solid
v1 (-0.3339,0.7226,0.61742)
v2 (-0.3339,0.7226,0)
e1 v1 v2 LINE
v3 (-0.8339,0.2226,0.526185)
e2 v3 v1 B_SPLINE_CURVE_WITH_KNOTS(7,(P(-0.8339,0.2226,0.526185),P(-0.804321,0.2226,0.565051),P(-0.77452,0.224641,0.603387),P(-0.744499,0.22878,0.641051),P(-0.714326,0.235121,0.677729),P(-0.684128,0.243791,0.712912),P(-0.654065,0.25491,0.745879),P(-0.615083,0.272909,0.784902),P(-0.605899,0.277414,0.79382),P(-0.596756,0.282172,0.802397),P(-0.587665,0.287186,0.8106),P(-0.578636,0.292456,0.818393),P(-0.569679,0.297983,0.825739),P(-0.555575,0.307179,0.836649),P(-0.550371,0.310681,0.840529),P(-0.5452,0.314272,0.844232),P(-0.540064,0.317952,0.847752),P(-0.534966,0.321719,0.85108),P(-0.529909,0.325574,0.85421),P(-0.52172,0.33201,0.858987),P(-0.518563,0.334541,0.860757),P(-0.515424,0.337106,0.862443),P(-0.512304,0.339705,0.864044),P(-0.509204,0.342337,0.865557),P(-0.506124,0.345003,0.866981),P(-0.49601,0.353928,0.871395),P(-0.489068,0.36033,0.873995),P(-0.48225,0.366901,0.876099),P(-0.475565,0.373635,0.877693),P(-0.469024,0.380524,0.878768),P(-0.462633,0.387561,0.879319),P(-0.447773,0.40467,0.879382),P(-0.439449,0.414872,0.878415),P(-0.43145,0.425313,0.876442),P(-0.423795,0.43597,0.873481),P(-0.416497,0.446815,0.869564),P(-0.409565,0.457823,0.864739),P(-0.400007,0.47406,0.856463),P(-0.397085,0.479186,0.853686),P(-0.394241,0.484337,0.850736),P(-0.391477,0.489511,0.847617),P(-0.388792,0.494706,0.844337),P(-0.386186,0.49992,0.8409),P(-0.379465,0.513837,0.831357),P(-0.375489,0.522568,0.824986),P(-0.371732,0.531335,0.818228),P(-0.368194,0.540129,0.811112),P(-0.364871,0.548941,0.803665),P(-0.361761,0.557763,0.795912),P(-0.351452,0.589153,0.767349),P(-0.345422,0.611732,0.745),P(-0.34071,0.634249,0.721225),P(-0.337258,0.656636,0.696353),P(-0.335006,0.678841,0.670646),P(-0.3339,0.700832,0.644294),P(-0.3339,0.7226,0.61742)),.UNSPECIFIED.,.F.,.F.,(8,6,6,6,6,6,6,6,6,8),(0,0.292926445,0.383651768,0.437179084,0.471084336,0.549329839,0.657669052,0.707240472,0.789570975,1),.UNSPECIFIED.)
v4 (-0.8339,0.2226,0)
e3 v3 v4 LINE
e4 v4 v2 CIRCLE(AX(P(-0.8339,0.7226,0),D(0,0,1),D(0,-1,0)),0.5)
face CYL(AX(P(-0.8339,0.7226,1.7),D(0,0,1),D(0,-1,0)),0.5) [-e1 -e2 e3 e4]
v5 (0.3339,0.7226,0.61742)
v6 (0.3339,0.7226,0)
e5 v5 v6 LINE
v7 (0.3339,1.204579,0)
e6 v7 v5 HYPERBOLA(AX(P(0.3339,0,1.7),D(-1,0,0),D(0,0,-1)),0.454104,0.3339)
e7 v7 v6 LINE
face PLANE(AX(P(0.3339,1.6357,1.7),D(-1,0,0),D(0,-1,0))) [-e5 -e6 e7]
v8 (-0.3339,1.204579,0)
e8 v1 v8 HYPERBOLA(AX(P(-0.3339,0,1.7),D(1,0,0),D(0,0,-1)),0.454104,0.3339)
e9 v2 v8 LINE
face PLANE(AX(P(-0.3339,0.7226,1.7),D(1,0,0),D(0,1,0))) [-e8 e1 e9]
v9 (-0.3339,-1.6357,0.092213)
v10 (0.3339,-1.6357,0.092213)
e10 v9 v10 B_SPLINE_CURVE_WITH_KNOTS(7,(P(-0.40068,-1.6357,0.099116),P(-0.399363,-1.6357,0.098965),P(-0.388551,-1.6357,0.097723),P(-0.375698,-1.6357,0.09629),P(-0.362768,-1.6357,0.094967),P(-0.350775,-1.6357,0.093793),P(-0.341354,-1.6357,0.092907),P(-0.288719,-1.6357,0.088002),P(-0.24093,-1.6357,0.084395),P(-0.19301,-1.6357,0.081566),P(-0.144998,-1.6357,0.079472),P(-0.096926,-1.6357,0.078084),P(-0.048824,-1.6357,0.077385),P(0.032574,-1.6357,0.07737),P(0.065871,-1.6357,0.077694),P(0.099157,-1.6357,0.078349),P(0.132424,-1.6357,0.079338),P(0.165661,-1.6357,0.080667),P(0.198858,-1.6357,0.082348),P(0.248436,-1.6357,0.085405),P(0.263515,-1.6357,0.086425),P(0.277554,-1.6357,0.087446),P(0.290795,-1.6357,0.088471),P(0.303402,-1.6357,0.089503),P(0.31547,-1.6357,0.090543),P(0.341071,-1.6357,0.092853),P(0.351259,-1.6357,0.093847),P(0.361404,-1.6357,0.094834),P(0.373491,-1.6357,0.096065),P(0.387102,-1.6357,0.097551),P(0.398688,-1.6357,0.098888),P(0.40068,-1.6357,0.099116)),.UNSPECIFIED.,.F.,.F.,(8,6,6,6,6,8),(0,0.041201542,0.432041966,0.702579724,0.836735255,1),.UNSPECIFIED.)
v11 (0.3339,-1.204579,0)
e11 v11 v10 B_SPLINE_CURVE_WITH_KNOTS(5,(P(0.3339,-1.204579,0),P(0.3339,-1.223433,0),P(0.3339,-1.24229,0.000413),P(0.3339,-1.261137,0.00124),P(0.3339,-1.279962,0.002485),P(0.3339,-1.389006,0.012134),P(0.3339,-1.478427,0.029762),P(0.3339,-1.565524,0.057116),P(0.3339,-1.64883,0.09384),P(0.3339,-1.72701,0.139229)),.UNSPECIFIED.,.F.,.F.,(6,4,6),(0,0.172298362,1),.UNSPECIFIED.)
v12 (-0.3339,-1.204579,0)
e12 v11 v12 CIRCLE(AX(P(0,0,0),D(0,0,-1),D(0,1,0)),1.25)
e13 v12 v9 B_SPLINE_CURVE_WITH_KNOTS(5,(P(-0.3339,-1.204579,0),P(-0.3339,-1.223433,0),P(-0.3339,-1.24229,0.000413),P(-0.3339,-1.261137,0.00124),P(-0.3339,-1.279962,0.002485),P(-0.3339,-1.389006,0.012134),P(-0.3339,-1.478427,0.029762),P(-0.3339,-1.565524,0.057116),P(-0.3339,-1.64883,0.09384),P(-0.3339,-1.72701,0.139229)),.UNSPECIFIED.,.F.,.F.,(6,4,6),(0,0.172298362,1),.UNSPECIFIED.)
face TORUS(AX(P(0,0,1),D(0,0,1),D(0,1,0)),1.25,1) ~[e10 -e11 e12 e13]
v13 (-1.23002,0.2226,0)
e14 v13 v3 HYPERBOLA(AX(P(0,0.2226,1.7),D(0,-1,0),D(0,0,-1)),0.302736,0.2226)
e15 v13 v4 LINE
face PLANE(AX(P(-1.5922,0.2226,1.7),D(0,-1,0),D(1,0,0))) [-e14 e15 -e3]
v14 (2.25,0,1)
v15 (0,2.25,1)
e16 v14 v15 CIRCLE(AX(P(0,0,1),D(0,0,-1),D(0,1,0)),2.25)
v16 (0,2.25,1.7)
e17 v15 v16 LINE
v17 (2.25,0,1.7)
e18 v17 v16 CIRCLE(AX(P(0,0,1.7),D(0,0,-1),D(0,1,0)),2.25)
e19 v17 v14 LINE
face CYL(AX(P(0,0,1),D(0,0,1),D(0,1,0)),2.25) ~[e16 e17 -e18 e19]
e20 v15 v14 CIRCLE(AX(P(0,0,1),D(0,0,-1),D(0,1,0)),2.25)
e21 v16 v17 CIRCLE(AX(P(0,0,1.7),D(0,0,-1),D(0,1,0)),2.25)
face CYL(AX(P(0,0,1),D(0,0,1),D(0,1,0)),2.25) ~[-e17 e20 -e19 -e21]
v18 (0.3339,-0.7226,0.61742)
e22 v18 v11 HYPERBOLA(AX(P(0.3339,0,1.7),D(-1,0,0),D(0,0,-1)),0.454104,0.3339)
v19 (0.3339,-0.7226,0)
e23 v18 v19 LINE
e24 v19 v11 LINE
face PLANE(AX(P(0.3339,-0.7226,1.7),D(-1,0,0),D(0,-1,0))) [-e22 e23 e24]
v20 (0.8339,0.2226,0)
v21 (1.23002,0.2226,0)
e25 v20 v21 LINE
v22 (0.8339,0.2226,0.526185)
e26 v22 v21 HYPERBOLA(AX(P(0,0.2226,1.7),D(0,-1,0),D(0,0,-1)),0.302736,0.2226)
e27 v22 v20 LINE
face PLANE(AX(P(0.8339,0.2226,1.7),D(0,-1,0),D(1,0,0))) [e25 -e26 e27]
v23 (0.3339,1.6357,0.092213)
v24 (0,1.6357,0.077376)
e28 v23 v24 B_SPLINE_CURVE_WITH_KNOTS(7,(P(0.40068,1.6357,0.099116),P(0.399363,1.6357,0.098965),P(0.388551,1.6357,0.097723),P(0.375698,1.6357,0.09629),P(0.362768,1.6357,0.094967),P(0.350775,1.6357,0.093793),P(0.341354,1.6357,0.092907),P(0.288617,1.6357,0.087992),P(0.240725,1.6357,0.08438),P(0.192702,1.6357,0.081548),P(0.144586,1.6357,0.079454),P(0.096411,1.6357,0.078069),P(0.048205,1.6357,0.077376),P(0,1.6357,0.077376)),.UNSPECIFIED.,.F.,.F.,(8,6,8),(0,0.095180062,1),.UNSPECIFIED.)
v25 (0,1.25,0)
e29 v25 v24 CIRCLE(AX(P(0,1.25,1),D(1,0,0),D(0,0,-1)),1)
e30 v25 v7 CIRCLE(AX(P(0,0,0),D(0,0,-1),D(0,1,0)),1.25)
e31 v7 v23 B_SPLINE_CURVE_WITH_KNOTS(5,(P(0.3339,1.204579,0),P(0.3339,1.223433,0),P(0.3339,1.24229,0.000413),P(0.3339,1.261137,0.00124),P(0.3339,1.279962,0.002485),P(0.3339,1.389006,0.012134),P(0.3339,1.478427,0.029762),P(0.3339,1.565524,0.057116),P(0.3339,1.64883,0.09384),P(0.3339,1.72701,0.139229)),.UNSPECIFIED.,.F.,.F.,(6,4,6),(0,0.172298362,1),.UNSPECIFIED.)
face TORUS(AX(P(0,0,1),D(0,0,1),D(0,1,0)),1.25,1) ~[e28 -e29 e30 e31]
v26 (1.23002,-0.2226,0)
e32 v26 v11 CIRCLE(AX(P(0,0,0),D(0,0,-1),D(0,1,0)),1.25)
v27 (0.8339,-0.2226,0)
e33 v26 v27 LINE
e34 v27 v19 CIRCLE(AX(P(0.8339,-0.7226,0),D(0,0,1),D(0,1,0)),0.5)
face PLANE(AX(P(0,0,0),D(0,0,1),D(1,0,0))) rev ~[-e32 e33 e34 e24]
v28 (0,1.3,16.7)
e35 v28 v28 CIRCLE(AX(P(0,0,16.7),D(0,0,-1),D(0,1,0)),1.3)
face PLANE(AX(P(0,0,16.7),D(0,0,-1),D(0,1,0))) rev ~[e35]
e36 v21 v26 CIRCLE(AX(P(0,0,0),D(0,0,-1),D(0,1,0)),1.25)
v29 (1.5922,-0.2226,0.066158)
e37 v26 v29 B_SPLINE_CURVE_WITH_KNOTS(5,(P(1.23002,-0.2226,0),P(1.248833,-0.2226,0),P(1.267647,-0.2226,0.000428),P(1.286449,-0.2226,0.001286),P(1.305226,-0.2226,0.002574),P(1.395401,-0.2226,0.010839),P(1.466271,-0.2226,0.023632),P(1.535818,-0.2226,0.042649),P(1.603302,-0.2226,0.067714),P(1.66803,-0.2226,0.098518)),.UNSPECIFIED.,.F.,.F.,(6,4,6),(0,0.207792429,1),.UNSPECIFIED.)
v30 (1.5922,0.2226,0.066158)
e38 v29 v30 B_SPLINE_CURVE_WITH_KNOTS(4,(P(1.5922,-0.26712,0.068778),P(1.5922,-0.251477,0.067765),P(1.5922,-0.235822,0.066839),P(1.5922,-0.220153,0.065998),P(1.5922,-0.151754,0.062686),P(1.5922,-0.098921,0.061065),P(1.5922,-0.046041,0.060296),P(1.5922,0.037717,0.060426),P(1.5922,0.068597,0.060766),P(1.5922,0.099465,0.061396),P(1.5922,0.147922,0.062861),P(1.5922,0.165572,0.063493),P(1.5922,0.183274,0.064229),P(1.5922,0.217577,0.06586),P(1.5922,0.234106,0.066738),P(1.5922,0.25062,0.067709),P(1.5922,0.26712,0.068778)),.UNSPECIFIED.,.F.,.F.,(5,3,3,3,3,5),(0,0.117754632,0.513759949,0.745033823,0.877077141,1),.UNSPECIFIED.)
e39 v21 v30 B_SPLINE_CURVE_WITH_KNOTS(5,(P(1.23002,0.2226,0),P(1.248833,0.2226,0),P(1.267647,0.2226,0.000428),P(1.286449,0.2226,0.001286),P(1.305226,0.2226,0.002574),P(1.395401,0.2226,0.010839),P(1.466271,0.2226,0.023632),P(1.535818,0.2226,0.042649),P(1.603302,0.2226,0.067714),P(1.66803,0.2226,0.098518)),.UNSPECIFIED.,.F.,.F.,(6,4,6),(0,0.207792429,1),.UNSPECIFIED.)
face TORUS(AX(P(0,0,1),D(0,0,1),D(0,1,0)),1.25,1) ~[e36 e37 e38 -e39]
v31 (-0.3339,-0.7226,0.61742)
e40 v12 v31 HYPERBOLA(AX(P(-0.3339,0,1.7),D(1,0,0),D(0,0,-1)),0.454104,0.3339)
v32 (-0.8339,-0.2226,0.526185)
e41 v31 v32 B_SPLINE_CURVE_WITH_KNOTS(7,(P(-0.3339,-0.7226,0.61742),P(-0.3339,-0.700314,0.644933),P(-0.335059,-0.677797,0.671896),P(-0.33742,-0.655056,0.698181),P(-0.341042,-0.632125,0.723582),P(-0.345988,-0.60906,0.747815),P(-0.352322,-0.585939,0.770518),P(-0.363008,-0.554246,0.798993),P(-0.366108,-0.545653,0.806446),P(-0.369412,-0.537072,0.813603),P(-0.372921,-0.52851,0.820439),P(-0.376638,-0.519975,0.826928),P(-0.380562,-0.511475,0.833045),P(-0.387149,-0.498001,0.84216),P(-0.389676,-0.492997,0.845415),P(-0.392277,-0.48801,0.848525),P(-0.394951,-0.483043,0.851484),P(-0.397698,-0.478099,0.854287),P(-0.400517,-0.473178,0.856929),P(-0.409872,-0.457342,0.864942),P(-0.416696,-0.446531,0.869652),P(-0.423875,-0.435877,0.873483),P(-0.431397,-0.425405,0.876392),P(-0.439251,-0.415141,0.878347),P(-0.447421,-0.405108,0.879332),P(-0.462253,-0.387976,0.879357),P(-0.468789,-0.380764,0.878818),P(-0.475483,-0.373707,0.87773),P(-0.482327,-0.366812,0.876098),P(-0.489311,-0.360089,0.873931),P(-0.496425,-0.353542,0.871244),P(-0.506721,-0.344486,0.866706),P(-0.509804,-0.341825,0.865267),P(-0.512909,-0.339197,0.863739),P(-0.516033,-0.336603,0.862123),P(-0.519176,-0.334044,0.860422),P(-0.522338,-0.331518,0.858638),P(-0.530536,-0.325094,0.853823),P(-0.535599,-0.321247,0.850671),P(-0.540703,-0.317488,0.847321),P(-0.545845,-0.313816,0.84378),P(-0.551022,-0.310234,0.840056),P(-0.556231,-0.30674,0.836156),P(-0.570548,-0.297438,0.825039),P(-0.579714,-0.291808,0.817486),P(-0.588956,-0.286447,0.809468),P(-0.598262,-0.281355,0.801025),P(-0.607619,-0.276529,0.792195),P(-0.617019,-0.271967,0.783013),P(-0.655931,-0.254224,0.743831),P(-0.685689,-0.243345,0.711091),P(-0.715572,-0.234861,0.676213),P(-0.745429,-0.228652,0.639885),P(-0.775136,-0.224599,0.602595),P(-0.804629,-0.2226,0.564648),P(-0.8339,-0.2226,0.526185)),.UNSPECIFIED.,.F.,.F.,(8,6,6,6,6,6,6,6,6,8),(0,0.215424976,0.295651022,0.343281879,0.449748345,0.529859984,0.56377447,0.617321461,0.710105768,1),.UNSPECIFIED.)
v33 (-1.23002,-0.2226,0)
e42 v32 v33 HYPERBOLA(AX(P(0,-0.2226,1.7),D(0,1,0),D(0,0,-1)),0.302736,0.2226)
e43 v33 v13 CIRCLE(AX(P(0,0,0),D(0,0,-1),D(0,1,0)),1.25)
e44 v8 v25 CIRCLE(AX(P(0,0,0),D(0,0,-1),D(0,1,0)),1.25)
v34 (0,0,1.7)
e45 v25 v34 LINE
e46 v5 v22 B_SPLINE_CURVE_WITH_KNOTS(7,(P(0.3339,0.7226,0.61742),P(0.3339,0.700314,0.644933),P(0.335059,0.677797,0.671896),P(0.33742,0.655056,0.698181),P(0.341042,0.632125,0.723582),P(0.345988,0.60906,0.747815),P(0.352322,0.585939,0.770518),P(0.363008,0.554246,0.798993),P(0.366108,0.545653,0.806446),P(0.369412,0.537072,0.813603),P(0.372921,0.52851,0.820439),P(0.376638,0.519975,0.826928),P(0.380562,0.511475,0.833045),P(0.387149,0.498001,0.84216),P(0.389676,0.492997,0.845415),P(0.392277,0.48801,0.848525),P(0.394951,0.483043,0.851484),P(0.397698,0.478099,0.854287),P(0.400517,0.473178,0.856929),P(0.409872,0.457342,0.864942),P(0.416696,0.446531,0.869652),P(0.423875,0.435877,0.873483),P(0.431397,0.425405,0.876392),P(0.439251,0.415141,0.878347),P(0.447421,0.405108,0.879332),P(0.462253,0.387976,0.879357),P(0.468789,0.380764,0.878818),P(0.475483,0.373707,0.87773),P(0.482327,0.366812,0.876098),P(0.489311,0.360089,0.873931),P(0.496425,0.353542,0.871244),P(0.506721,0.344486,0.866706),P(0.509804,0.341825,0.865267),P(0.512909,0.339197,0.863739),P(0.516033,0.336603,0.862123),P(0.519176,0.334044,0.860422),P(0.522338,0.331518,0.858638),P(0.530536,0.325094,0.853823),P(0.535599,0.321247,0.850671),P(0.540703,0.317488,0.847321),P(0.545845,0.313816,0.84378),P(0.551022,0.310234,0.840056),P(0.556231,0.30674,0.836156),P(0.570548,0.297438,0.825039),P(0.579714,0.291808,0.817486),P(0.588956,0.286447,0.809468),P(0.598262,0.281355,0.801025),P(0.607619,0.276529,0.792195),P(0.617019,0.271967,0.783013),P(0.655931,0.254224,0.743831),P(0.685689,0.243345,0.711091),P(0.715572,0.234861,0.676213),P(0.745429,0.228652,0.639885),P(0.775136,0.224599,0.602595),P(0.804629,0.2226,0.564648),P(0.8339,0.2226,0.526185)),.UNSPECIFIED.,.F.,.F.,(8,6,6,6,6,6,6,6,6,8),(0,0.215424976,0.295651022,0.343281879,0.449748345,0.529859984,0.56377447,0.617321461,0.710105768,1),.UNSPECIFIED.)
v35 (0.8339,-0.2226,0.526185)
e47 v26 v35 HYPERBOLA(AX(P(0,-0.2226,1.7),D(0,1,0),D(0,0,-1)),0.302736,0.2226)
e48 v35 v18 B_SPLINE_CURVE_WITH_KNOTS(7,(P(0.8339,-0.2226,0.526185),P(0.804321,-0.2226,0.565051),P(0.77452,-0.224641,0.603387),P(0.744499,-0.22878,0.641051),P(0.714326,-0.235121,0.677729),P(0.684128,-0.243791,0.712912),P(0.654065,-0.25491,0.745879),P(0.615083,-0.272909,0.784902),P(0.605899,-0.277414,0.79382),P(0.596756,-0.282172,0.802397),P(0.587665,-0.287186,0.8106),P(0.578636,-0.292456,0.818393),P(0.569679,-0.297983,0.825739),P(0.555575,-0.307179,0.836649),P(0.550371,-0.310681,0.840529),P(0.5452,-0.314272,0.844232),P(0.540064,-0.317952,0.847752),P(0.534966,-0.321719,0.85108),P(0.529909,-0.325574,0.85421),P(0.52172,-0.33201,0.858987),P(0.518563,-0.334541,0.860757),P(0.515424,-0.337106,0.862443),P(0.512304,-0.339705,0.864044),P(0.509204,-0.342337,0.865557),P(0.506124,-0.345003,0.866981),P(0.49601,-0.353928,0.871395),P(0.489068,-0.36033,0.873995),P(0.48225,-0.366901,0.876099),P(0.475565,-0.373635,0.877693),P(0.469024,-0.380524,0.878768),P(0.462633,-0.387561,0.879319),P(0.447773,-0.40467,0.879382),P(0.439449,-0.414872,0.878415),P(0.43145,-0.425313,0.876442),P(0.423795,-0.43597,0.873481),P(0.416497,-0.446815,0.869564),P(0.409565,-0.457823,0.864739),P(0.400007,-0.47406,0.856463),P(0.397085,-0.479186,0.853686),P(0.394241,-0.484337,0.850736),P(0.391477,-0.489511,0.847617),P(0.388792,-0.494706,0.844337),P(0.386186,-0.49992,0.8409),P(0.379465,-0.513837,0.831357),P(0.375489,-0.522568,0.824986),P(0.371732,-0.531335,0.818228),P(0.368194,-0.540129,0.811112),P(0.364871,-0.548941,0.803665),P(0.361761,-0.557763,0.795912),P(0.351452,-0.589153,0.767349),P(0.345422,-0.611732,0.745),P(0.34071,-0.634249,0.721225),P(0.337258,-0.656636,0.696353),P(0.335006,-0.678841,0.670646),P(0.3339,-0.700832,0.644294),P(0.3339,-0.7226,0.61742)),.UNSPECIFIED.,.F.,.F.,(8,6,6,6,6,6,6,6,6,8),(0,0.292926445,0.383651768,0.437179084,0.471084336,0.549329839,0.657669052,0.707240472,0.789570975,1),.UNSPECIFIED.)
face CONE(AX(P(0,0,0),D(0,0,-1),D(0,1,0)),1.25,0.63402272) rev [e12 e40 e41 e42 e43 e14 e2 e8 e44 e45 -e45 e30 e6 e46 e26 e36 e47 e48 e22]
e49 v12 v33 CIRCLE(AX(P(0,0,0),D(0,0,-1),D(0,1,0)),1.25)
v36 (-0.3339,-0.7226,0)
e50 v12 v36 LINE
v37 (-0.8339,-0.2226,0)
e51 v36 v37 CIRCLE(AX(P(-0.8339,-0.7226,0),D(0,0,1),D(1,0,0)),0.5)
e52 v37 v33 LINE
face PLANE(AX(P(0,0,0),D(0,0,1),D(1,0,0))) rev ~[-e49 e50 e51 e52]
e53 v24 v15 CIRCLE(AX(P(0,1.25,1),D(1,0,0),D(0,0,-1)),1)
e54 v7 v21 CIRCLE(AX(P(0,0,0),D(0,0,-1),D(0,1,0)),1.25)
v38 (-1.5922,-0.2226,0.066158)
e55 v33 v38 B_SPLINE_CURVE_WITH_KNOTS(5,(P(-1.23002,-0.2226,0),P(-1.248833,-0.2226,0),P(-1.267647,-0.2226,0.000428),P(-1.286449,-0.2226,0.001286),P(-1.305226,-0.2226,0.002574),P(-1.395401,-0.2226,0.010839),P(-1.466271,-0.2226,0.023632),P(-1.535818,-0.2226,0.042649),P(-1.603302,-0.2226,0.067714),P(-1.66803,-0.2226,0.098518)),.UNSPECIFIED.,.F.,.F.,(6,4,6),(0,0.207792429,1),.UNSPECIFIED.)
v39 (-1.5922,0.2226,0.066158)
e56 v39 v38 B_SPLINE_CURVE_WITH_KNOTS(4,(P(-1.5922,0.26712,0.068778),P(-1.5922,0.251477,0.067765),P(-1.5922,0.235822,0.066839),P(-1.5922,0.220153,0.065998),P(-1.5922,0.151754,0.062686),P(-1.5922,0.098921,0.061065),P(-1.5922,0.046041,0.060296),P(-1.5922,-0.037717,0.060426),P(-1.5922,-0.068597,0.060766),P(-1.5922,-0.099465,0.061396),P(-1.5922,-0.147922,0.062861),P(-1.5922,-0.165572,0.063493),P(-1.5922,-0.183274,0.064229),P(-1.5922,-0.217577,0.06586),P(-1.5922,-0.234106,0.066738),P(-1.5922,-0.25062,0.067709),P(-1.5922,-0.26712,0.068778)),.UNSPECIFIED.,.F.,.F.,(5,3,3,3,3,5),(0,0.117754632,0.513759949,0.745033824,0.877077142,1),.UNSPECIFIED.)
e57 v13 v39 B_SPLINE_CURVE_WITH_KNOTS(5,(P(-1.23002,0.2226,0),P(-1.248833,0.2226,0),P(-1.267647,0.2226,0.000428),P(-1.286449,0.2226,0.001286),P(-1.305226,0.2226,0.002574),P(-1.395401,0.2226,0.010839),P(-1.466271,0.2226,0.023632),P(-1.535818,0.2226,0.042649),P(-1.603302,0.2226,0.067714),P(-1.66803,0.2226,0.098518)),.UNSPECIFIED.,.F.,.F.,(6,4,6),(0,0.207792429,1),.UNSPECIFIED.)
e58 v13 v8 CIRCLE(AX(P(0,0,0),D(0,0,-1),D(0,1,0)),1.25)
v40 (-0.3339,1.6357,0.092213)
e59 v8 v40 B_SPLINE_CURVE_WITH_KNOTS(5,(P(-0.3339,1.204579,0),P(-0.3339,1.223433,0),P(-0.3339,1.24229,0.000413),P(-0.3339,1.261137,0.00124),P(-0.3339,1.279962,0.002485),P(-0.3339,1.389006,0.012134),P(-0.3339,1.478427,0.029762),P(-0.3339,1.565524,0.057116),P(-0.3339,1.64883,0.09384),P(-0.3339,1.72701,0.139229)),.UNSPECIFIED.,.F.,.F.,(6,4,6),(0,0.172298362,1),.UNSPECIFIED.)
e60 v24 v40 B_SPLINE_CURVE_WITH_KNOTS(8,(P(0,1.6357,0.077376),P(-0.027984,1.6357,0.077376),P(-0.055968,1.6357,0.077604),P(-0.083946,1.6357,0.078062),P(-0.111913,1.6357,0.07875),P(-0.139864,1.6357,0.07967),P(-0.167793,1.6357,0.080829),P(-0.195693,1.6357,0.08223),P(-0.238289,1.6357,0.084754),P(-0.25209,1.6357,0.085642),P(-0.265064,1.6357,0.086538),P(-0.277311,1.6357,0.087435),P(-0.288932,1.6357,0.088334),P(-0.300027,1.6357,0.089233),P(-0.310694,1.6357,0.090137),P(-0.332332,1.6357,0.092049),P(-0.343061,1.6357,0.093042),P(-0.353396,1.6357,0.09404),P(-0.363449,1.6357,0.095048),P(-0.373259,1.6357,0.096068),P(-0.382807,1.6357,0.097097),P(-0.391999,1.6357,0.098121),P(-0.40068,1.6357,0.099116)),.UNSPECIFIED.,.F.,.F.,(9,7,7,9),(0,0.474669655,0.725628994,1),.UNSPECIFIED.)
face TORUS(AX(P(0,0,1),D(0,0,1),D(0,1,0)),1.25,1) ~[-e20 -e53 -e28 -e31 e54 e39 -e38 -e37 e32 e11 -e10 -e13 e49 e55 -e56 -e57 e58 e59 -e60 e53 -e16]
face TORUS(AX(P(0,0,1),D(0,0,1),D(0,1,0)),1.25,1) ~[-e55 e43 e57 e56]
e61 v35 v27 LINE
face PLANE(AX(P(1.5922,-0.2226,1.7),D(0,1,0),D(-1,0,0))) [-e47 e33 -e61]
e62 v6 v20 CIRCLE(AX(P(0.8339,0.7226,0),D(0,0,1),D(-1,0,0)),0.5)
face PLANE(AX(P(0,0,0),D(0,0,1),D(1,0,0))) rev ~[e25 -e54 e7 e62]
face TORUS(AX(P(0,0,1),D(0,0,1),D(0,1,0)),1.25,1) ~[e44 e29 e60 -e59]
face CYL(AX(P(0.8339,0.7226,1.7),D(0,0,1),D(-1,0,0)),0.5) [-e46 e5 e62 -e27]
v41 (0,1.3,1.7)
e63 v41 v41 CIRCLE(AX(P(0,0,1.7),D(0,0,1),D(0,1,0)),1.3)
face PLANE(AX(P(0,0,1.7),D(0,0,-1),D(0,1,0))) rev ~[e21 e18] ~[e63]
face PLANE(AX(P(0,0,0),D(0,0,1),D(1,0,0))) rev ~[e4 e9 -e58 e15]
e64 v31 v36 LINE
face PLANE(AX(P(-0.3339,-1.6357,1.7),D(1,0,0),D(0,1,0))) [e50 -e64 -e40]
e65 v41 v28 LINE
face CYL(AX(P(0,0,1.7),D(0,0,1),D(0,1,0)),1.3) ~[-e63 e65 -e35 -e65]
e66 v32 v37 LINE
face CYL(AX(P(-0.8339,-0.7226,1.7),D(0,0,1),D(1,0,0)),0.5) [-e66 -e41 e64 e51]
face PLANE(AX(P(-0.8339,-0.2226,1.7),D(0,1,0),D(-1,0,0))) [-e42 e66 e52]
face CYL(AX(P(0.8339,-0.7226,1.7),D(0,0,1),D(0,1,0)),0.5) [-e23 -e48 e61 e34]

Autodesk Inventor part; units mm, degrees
ref_plane "YZ Plane" through (0, 0, 0) normal (1, 0, 0) x (0, 1, 0)
ref_plane "XZ Plane" through (0, 0, 0) normal (0, 1, 0) x (-1, 0, 0)
ref_plane "XY Plane" through (0, 0, 0) normal (0, 0, 1) x (1, 0, 0)
sketch "スケッチ1" plane through (0, 0, 0) normal (1, 0, 0) x (0, 1, 0)
  line L0 (0, 16.7) -> (0, 0)
  line L1 (0, 0) -> (1.25, 0)
  line L2 (2.25, 1) -> (2.25, 1.7)
  line L3 (2.25, 1.7) -> (1.3, 1.7)
  line L4 (1.3, 1.7) -> (1.3, 16.7)
  line L5 (1.3, 16.7) -> (0, 16.7)
  line L6 (1.25, 0) -> (0, 1.7)
  arc A0 (1.25, 0) -> (2.25, 1) centre (1.25, 1) ccw
  line L7 (1.25, 0) -> (2.25, 0)
  line L8 (2.25, 0) -> (2.25, 1)
  dimension "d2" = 1.7
  dimension "d10" = 15
  dimension "d11" = 2.6
  dimension "d12" = 4.5
  dimension "d14" = 1
revolve "回転1" add sketch "スケッチ1" angle 360 about axis through (0, 0, 16.7) along (0, 0, -1) contours L5 L4 L3 L2 A0 L6 L0
thread "ねじ1" size "M2.6x0.45" class "6g" standard "ANSI Metric M Profile" full length
sketch "スケッチ2" plane through (0, 0, 1.7) normal (0, 0, 1) x (1, 0, 0)
  line L0 (0.3339, -1.6357) -> (-0.3339, -1.6357)
  line L1 (-0.3339, -1.6357) -> (-0.3339, -0.7226)
  line L2 (-0.3339, 1.6357) -> (0.3339, 1.6357)
  line L3 (0.3339, 1.6357) -> (0.3339, 0.7226)
  line L4 (0.3339, -1.6357) -> (-0.3339, 1.6357) construction
  line L5 (-0.3339, -1.6357) -> (0.3339, 1.6357) construction
  line L6 (-1.5922, 0.2226) -> (-0.8339, 0.2226)
  line L7 (1.5922, 0.2226) -> (1.5922, -0.2226)
  line L8 (1.5922, -0.2226) -> (0.8339, -0.2226)
  line L9 (-1.5922, -0.2226) -> (-1.5922, 0.2226)
  line L10 (-1.5922, 0.2226) -> (1.5922, -0.2226) construction
  line L11 (1.5922, 0.2226) -> (-1.5922, -0.2226) construction
  circle A0 centre (0, 0) radius 2.25
  line L12 (0.3339, -0.7226) -> (0.3339, -1.6357)
  line L13 (0.8339, 0.2226) -> (1.5922, 0.2226)
  line L14 (-0.8339, -0.2226) -> (-1.5922, -0.2226)
  line L15 (-0.3339, 0.7226) -> (-0.3339, 1.6357)
  arc A1 (0.8339, -0.2226) -> (0.3339, -0.7226) centre (0.8339, -0.7226) ccw
  arc A2 (0.3339, 0.7226) -> (0.8339, 0.2226) centre (0.8339, 0.7226) ccw
  arc A3 (-0.8339, 0.2226) -> (-0.3339, 0.7226) centre (-0.8339, 0.7226) ccw
  arc A4 (-0.3339, -0.7226) -> (-0.8339, -0.2226) centre (-0.8339, -0.7226) ccw
  point P0 (-0.3339, -0.2226)
  point P1 (-0.3339, 0.2226)
  point P2 (0.3339, 0.2226)
  point P3 (0.3339, -0.2226)
  dimension "d18" = 0.5
extrude "押し出し2" add sketch "スケッチ2" against normal blind 1.7
revolve "回転2" cut sketch "スケッチ1" angle 360 about axis through (0, 0, 16.7) along (0, 0, -1) contours A0 L8 L7
properties part number "F-2615EB" material "チタン"
